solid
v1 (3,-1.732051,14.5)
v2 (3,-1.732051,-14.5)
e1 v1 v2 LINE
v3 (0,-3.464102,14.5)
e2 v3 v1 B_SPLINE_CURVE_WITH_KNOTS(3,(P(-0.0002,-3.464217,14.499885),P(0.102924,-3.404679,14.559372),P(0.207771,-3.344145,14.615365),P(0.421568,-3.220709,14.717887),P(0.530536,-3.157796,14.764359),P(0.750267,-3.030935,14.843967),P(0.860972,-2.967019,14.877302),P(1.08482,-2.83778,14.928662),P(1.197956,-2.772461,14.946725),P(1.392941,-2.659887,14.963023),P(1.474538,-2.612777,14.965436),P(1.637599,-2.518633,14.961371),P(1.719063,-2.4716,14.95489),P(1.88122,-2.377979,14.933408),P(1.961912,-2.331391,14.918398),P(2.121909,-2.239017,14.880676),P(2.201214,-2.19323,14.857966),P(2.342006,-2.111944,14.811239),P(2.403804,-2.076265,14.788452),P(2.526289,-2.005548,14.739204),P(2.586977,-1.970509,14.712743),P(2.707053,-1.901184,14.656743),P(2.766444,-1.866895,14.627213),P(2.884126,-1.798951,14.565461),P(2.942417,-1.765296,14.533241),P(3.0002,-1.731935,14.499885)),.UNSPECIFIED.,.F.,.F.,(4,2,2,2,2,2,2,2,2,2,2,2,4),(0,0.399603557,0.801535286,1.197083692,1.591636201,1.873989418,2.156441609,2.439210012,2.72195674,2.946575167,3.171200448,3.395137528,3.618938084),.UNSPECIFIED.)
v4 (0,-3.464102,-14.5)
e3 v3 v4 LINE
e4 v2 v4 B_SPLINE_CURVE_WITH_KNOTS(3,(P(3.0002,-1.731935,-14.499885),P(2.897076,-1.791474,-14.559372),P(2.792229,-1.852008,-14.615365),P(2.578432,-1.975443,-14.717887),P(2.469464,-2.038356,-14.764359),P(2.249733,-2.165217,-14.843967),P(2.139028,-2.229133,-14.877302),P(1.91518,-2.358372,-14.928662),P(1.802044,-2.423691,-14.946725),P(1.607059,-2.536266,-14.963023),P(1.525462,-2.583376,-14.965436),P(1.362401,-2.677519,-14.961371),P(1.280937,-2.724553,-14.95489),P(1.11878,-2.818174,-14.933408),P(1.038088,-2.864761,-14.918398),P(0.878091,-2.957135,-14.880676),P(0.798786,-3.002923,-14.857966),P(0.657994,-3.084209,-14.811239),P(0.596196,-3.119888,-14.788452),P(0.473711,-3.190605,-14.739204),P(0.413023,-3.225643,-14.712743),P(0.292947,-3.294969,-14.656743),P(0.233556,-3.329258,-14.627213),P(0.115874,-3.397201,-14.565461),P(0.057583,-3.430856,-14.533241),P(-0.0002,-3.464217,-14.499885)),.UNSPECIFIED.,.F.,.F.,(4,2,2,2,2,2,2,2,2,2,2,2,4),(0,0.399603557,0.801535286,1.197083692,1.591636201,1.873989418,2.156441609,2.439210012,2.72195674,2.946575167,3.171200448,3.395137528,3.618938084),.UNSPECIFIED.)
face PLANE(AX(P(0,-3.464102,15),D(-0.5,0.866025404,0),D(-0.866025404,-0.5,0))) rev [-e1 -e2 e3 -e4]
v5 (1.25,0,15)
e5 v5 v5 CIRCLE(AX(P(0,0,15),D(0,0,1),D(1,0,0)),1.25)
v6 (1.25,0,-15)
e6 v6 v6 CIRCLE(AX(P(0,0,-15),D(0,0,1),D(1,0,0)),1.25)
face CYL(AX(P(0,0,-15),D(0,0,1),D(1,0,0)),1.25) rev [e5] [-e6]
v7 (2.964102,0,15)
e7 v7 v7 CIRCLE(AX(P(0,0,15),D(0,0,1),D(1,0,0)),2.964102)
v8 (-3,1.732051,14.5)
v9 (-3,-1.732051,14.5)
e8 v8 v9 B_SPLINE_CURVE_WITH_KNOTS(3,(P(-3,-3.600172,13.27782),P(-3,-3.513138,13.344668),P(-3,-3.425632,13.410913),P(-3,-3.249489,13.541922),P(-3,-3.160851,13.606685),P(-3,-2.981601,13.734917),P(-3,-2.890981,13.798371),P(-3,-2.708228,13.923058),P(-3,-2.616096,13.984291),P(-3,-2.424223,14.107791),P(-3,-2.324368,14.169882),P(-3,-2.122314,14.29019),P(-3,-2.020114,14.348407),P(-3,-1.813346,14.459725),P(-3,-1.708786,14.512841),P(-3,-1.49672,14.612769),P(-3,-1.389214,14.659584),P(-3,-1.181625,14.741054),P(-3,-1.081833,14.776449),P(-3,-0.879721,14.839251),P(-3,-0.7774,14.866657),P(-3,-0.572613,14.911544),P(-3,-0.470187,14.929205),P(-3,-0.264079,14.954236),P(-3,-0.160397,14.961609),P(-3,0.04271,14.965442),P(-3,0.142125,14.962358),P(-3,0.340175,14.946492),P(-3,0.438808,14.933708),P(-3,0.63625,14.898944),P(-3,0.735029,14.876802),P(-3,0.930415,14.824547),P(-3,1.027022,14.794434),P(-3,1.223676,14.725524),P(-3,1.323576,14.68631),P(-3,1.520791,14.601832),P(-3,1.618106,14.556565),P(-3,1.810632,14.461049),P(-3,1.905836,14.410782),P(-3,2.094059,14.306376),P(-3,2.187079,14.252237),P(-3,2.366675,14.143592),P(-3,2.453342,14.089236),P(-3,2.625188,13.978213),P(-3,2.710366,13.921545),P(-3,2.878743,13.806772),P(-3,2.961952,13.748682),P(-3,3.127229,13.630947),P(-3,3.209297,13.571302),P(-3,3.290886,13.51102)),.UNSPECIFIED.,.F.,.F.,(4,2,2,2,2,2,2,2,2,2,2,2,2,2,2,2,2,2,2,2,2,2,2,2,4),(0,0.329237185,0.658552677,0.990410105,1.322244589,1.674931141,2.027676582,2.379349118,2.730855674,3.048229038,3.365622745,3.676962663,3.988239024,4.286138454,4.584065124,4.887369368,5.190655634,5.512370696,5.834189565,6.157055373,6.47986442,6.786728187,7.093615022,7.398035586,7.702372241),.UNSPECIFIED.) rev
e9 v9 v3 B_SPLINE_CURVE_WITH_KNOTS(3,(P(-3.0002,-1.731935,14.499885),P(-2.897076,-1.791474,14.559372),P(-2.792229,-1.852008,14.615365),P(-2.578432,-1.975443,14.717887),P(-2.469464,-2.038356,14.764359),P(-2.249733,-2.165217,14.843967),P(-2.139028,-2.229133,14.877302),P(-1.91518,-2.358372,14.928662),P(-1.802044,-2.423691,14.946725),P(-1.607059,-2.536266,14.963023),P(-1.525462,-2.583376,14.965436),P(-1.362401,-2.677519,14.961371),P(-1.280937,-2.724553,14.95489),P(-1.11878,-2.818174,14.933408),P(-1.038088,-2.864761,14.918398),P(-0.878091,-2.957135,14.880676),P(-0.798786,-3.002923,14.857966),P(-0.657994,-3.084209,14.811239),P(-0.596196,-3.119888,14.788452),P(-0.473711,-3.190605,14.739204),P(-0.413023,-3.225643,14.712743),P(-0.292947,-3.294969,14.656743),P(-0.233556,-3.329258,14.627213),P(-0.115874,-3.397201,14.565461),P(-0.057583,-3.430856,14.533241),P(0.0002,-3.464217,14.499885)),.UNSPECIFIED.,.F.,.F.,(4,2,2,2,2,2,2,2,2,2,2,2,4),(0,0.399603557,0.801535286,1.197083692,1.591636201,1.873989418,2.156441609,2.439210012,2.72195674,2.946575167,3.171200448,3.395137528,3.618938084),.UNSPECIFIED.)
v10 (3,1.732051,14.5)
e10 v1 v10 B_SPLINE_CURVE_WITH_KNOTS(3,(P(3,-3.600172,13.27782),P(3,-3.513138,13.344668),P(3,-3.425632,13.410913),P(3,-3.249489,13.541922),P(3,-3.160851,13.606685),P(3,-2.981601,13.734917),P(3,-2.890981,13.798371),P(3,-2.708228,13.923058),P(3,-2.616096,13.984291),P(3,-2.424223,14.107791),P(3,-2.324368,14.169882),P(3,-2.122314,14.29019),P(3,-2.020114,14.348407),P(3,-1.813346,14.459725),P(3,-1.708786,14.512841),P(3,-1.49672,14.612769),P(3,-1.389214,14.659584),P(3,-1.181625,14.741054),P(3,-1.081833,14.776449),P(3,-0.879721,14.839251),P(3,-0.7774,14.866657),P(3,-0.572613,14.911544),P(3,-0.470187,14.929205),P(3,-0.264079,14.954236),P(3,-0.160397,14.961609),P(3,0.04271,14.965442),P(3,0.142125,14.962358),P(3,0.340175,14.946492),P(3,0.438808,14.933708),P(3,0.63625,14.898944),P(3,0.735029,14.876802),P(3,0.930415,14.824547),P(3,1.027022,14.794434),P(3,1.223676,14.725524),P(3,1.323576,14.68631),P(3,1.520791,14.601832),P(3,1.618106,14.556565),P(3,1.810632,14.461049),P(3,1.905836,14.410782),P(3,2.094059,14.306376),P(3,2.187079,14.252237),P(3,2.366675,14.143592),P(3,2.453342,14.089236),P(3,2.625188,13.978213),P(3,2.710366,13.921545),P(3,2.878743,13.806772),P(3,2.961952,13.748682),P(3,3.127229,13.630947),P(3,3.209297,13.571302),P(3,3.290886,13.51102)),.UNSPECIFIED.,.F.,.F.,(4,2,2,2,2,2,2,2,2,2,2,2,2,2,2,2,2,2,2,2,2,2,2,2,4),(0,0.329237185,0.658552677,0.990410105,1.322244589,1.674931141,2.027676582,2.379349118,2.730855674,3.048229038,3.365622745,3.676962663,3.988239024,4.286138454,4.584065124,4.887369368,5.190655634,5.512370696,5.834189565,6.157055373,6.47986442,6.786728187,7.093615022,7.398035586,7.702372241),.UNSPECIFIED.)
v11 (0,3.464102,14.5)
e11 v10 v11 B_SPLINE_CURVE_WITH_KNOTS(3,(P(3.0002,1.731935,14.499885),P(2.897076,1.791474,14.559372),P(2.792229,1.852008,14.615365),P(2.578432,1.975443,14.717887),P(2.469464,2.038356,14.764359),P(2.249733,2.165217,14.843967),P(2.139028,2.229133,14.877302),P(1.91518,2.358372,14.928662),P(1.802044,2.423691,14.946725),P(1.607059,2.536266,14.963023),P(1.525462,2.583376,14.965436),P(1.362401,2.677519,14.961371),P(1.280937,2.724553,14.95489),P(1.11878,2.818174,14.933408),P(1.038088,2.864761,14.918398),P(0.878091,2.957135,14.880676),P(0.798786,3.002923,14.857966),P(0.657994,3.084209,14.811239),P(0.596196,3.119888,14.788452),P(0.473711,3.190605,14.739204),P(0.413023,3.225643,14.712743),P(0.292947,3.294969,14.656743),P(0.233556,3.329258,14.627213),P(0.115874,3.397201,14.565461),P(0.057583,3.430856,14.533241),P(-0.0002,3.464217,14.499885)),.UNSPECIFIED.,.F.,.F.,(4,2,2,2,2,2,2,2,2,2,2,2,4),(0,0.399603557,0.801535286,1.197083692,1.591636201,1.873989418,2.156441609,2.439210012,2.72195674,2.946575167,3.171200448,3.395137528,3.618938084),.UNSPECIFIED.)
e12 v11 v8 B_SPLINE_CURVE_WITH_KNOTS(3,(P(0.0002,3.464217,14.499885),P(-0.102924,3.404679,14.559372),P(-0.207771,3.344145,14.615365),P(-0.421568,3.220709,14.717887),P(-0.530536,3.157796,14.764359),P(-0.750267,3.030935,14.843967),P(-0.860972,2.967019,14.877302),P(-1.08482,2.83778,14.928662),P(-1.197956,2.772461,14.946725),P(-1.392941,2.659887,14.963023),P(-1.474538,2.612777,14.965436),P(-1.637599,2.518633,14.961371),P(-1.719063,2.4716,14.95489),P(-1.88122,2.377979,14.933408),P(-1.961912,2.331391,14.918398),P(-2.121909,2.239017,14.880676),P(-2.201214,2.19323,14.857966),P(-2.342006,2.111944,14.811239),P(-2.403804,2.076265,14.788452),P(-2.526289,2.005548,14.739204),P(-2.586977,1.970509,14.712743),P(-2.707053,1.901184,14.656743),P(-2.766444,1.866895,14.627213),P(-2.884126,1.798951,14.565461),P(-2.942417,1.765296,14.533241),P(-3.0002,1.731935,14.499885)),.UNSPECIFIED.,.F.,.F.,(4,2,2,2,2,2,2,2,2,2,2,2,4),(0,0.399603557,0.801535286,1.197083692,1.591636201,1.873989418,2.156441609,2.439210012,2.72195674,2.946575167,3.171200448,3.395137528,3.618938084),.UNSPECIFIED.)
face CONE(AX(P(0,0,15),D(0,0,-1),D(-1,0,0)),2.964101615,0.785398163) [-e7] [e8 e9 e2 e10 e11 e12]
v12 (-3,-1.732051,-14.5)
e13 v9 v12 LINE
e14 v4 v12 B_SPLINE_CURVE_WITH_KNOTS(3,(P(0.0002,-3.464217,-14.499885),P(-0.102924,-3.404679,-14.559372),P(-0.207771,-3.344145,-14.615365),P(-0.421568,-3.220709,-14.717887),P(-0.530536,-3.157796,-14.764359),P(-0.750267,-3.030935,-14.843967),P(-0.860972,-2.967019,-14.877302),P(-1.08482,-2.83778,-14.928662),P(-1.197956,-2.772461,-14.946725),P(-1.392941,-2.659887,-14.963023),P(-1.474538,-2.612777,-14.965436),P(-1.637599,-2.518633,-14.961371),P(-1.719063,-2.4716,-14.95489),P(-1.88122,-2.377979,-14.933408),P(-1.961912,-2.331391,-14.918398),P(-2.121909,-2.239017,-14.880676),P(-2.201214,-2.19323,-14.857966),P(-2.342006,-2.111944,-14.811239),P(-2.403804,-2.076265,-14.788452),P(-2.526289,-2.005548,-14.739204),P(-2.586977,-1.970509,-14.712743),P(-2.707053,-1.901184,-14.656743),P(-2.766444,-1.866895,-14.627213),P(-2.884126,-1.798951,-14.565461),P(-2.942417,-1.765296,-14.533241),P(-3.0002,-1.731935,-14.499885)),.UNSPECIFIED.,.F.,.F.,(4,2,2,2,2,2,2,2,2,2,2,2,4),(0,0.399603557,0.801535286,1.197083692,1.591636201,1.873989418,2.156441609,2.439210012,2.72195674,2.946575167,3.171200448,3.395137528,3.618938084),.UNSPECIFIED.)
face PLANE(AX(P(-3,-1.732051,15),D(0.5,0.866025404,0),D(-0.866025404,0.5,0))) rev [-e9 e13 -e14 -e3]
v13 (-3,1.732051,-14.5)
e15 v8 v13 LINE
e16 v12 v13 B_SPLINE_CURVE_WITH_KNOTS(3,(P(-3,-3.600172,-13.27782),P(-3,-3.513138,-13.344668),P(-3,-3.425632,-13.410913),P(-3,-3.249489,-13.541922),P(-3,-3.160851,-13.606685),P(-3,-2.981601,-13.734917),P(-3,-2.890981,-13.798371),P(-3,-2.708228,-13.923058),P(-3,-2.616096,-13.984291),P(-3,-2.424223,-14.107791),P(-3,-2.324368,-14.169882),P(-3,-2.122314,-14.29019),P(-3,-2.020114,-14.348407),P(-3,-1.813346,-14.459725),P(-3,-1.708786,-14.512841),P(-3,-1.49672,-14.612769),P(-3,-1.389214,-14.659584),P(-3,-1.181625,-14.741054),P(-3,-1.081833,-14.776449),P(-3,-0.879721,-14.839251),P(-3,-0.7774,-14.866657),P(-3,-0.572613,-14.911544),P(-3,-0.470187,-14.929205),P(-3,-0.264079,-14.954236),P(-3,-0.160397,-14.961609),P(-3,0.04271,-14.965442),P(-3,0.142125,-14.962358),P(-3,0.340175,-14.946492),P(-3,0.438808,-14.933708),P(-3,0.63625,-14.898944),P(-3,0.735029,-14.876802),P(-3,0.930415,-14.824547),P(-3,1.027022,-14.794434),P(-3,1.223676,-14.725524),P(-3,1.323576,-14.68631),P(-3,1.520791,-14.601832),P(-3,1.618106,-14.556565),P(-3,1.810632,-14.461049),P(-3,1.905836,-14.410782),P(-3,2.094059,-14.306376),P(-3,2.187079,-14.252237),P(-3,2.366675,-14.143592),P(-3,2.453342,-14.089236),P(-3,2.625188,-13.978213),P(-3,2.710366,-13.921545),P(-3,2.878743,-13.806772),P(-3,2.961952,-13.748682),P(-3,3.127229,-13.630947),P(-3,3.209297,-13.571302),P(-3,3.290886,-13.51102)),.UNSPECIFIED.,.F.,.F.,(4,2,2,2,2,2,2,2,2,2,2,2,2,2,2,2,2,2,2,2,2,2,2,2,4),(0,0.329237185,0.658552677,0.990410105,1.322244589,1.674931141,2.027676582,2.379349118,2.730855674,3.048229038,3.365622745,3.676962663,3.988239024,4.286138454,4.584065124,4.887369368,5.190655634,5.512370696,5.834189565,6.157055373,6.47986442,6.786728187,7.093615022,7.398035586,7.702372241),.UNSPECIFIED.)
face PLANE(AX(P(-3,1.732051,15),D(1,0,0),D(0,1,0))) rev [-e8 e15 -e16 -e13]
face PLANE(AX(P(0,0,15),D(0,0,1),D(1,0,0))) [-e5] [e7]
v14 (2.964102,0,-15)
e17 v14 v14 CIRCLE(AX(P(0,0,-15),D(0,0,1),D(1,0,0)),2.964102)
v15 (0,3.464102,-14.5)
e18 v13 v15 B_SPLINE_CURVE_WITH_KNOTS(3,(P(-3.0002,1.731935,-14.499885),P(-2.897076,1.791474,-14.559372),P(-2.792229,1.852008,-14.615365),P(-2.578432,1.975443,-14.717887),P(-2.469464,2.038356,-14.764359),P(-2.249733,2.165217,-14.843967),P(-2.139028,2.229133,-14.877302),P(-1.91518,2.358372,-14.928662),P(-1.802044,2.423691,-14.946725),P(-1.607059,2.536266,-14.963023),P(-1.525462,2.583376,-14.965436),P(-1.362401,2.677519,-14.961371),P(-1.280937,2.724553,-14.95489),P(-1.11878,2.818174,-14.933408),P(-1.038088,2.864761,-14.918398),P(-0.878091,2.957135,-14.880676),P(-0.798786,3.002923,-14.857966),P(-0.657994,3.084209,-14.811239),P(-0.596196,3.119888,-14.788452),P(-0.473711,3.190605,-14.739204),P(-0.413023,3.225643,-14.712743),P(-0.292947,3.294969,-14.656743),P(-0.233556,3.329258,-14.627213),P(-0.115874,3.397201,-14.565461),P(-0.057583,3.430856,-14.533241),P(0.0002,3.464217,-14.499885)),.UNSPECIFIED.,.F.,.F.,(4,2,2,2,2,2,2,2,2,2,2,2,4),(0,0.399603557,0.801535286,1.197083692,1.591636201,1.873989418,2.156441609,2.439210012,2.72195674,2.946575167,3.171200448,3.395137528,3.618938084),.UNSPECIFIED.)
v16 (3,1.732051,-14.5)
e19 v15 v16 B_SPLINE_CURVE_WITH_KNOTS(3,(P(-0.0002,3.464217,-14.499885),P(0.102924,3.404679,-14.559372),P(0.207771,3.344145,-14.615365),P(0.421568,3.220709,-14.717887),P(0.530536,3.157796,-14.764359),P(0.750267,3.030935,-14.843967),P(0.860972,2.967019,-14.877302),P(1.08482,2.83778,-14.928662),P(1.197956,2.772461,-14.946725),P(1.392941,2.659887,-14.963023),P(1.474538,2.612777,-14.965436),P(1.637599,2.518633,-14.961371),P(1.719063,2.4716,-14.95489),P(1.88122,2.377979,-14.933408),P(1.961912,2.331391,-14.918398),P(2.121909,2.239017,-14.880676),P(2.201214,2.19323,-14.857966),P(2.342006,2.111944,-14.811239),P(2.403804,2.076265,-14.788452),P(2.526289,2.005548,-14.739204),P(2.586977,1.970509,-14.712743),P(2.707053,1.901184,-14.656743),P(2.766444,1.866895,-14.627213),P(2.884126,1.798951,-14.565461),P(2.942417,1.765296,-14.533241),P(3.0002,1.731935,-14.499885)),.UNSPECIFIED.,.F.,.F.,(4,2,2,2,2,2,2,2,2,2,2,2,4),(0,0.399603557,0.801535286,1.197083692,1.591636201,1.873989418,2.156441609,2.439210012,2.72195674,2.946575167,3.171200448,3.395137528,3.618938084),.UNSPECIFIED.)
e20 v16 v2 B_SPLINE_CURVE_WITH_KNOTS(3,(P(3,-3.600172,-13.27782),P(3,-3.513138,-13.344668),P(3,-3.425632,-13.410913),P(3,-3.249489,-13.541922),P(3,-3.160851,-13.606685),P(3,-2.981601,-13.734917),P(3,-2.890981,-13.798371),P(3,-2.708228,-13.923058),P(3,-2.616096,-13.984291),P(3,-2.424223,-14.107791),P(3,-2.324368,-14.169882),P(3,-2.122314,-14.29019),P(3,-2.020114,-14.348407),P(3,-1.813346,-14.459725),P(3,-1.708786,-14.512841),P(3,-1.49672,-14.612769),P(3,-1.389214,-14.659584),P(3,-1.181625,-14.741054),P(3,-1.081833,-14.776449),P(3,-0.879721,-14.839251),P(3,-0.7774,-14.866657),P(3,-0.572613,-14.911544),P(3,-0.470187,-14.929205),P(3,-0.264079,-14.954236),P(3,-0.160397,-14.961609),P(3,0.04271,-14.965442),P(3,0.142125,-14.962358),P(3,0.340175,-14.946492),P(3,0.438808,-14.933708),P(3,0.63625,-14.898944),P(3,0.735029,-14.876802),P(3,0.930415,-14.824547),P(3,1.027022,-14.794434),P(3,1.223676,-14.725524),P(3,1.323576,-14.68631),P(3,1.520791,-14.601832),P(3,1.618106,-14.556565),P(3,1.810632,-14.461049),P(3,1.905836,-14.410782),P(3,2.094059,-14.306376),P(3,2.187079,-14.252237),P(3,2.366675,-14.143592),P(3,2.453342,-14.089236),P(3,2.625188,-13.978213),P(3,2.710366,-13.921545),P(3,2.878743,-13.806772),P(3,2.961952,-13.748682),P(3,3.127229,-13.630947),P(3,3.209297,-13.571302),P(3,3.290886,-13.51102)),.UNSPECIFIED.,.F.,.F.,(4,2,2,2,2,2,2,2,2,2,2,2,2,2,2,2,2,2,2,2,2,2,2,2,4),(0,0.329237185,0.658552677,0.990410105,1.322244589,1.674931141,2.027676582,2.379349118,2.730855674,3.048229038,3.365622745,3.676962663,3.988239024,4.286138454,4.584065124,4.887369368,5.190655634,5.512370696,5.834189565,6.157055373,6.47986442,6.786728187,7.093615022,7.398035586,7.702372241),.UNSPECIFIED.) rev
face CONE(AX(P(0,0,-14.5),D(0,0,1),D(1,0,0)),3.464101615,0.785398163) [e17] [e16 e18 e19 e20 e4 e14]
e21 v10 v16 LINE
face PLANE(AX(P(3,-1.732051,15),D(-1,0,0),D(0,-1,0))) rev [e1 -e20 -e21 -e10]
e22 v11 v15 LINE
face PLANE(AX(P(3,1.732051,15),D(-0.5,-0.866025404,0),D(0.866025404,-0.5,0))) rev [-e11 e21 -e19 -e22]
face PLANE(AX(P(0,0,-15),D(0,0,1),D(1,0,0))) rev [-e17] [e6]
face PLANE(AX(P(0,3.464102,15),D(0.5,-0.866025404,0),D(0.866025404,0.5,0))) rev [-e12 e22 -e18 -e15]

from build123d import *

# Parameters (mm, degrees)
SALIENTE_EXTRUIR1_DEPTH = 15
CROQUIS3_R              = 1.25
CORTAR_EXTRUIR1_DEPTH   = 30


with BuildPart() as part:
    # Croquis1 → Saliente-Extruir1 (new body, symmetric)
    with BuildSketch(Plane.XY):
        Polygon((0, 3.464101615), (-3, 1.732050808), (-3, -1.732050808), (0, -3.464101615), (3, -1.732050808), (3, 1.732050808), align=None)
    extrude(amount=SALIENTE_EXTRUIR1_DEPTH, both=True)

    # Croquis2 → Cortar-Revolución2 (revolve, cut)
    with BuildSketch(Plane(origin=(0, 0, 0), x_dir=(0, 0, -1), z_dir=(1, 0, 0))):
        Polygon((15, 2.964101615), (19.5, 2.964101615), (19.5, 7.964101615), (14.5, 7.964101615), (14.5, 3.464101615), align=None)
        Polygon((-19.5, 2.964101615), (-19.5, 7.964101615), (-14.5, 7.964101615), (-14.5, 3.464101615), (-15, 2.964101615), align=None)
    revolve(axis=Axis((0, 0, 17.803147854), (0, 0, -1)), mode=Mode.SUBTRACT)

    # Croquis3 → Cortar-Extruir1 (cut)
    with BuildSketch(Plane.XY.offset(15)):
        Circle(CROQUIS3_R)
    extrude(amount=-CORTAR_EXTRUIR1_DEPTH, mode=Mode.SUBTRACT)


solid = part.part
